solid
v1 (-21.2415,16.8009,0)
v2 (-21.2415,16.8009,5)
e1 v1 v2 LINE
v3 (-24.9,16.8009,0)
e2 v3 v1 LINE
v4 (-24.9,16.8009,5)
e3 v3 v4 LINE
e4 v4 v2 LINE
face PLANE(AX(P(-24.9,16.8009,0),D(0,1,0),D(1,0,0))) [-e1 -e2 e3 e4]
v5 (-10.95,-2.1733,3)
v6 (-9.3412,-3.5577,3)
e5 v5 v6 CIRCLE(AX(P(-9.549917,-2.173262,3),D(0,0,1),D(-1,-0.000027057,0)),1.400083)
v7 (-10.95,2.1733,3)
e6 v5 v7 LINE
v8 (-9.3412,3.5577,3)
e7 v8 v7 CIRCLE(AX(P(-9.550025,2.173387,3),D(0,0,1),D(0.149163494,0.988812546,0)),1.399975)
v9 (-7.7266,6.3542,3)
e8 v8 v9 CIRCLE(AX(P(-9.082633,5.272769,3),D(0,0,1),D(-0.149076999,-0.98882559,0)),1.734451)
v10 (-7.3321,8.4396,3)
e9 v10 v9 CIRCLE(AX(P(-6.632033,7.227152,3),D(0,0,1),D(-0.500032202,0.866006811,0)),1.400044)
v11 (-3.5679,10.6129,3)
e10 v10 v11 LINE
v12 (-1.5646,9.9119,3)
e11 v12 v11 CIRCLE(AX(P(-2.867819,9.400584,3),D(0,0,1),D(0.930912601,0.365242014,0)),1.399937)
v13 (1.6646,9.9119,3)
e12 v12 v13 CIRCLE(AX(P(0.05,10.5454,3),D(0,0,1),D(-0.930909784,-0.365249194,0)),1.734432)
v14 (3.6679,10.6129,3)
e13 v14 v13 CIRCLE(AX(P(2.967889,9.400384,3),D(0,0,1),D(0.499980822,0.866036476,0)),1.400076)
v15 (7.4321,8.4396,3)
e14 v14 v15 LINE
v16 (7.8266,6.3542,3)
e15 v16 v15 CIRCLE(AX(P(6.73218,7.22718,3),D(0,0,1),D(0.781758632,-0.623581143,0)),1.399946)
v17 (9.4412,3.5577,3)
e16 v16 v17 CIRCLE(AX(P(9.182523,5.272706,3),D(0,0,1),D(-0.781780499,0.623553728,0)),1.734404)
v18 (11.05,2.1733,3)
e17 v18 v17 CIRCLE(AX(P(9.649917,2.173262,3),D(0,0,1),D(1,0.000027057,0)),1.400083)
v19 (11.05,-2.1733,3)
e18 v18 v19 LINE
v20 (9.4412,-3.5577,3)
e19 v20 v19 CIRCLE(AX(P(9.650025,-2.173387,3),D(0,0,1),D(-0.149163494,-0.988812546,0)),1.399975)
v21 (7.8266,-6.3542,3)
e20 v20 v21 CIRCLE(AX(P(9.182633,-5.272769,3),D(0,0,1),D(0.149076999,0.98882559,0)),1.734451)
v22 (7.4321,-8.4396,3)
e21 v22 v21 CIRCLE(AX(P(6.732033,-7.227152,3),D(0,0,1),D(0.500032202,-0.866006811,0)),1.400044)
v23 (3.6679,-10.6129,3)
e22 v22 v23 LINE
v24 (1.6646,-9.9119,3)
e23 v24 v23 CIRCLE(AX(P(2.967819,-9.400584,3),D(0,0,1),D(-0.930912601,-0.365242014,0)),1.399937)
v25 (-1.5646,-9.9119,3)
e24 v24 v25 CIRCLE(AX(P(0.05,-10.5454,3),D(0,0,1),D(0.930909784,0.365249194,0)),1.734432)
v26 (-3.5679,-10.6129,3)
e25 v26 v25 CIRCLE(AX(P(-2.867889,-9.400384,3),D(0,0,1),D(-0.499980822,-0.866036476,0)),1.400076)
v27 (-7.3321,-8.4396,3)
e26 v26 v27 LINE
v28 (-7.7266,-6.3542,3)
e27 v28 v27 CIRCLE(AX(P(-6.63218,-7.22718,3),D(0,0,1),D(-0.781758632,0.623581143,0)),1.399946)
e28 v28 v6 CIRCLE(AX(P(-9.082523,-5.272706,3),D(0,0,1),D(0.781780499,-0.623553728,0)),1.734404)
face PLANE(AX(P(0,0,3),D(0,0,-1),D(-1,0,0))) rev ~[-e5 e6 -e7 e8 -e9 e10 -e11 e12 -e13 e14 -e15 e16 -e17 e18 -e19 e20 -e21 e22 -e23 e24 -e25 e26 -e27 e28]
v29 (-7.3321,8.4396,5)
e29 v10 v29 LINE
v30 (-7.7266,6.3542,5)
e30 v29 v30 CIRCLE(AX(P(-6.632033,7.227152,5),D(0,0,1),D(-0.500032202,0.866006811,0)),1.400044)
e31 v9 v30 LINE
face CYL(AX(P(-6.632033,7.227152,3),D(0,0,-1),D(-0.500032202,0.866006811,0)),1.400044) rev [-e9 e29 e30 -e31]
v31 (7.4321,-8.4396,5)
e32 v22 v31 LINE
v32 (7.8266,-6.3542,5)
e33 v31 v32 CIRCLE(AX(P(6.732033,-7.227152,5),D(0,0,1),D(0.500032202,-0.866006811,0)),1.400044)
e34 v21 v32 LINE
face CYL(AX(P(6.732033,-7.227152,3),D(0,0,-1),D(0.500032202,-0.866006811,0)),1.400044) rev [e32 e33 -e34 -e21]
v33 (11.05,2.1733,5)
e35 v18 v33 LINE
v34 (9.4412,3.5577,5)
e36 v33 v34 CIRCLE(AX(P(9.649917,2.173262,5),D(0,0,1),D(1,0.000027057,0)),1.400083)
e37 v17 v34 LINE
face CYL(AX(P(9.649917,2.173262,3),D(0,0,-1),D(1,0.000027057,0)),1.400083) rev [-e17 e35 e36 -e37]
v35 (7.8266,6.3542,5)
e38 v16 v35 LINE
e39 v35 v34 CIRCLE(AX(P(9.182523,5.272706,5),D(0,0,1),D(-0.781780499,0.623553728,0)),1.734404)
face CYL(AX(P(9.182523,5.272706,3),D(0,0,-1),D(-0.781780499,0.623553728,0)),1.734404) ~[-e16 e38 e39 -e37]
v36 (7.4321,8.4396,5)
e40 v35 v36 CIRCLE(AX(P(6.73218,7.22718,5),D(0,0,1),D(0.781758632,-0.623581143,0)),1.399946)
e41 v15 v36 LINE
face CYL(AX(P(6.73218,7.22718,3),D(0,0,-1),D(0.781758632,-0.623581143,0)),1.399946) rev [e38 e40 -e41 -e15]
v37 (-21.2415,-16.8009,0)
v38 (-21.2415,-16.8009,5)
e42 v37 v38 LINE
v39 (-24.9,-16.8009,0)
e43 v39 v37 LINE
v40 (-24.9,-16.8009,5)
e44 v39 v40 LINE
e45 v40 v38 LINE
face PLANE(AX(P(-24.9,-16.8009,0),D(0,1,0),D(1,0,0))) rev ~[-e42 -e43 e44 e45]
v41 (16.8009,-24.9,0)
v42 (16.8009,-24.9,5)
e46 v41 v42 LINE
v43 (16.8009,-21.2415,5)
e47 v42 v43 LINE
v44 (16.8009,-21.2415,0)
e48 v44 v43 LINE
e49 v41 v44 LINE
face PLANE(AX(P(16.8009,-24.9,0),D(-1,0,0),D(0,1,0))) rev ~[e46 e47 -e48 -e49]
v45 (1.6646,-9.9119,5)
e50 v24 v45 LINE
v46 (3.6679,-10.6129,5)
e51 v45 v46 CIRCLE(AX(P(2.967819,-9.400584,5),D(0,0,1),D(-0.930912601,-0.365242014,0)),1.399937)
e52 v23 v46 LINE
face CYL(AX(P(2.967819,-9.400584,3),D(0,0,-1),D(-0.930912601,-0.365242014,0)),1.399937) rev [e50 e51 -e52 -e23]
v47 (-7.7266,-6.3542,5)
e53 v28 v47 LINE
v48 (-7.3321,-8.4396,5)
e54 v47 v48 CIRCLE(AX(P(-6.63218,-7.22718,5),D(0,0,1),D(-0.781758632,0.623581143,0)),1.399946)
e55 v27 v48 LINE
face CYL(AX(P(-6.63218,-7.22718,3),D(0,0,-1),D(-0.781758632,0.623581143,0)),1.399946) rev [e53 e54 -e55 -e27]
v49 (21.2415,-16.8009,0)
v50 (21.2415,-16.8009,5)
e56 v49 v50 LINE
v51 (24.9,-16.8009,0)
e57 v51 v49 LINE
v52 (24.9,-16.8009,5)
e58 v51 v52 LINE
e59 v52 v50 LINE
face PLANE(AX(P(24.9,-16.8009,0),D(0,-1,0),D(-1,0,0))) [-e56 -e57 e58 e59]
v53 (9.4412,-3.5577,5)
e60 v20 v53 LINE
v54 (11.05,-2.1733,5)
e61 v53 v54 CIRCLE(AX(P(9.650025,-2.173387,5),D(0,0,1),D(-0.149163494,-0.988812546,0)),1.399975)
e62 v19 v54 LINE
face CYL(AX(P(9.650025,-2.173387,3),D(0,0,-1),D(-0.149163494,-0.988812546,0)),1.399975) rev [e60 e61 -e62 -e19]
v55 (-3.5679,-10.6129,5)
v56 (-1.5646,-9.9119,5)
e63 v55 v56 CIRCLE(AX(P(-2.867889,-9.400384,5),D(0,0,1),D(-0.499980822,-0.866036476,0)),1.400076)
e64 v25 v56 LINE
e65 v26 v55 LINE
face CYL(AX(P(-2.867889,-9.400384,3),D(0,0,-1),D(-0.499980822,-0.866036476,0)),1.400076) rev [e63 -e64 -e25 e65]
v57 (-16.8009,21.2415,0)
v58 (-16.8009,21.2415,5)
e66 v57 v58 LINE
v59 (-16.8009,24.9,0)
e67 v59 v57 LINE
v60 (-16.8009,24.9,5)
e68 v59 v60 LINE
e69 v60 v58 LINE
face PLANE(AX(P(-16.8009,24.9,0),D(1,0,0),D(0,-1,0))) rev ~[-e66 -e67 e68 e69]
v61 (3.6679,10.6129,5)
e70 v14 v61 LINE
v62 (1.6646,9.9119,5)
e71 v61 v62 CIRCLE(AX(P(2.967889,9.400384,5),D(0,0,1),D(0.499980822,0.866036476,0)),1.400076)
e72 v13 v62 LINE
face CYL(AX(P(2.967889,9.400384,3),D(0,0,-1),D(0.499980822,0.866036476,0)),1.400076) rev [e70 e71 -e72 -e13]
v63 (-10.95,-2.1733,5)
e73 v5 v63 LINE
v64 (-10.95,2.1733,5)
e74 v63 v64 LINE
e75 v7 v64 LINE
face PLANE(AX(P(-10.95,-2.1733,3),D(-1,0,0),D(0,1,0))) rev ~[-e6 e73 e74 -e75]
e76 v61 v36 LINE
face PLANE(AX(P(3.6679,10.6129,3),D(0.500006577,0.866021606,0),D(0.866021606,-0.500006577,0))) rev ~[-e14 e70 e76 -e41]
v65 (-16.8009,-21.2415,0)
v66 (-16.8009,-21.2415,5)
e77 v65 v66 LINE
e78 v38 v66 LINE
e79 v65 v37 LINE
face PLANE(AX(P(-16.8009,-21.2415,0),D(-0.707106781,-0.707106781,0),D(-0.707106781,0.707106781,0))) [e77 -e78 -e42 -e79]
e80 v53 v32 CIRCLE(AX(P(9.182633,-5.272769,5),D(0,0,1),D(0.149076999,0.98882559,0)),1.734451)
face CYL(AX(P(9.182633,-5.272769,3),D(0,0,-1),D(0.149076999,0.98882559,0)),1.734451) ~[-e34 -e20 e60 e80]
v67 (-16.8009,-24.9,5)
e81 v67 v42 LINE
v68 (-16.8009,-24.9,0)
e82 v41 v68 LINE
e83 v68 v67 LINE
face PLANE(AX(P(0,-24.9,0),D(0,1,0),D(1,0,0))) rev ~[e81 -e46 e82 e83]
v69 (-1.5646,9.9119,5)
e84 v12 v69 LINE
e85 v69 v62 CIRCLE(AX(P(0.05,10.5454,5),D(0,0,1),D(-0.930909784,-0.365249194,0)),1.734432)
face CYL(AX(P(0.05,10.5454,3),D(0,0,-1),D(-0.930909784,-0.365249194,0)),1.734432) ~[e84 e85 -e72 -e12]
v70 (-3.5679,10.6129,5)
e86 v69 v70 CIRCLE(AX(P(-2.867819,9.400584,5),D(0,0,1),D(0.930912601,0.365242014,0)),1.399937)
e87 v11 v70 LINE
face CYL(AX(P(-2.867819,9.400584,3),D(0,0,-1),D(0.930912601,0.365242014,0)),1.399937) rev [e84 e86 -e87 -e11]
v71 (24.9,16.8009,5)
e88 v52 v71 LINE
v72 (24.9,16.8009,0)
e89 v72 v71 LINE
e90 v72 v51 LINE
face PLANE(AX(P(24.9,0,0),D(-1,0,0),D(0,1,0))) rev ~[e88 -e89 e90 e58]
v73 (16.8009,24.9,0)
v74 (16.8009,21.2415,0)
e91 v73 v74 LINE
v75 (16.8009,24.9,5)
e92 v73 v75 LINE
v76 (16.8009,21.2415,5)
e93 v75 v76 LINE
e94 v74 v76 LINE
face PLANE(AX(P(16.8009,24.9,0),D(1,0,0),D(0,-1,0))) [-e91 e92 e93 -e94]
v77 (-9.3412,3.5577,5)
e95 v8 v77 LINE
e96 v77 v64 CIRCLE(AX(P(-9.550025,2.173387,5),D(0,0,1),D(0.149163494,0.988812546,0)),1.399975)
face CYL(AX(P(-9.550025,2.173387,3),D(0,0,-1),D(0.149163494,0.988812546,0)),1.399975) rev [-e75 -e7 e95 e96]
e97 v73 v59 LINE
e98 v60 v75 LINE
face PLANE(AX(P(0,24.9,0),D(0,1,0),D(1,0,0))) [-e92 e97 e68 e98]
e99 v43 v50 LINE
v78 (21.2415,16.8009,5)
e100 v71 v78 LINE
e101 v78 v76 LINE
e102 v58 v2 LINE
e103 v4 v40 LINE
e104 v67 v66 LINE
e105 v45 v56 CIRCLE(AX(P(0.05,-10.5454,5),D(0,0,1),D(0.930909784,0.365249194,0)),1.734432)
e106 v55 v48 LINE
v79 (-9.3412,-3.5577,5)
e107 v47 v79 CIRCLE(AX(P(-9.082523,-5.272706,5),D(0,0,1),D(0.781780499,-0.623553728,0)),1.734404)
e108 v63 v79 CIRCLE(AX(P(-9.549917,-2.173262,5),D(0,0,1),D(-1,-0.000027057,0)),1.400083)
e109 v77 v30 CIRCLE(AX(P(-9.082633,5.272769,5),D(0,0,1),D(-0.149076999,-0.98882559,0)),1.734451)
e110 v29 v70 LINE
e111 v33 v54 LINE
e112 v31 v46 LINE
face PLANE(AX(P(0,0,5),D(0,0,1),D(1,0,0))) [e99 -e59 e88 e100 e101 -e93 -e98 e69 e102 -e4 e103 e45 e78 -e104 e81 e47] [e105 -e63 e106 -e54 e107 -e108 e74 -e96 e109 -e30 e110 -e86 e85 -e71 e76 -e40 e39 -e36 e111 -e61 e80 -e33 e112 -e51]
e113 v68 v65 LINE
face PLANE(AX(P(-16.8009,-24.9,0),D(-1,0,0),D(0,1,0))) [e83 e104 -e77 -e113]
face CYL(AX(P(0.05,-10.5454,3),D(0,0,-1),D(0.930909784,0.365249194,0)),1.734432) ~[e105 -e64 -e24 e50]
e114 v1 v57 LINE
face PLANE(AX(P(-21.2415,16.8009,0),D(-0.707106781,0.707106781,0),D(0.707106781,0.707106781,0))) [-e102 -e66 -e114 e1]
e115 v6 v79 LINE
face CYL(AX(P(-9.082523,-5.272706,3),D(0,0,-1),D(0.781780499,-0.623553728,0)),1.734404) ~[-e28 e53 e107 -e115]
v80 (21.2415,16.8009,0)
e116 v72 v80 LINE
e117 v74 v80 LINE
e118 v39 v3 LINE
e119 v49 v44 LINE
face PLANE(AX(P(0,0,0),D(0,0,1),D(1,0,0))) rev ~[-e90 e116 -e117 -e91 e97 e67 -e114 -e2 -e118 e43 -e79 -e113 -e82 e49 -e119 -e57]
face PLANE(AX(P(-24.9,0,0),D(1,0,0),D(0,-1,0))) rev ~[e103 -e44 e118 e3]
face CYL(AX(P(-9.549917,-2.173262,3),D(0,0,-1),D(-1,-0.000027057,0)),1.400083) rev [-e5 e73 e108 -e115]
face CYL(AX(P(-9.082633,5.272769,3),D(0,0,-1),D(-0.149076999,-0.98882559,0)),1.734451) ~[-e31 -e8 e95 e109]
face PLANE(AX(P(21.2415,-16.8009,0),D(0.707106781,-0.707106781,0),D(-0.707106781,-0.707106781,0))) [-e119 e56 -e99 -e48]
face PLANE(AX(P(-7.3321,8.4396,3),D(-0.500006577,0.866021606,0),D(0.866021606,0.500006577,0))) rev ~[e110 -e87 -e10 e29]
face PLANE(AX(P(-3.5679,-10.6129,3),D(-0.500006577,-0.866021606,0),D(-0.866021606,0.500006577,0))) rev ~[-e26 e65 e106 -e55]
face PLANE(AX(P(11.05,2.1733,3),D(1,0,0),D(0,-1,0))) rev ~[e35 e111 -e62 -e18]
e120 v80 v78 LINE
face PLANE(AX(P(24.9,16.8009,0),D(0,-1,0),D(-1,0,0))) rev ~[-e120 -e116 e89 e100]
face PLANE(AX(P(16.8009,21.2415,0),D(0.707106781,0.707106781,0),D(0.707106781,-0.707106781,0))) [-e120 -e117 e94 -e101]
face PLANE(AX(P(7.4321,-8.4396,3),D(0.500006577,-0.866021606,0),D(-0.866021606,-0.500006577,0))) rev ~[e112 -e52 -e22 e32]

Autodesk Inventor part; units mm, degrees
ref_plane "YZ Plane" through (0, 0, 0) normal (1, 0, 0) x (0, 1, 0)
ref_plane "XZ Plane" through (0, 0, 0) normal (0, 1, 0) x (-1, 0, 0)
ref_plane "XY Plane" through (0, 0, 0) normal (0, 0, 1) x (1, 0, 0)
sketch "Sketch1" plane through (0, 0, 0) normal (0, 0, 1) x (1, 0, 0)
  line L0 (-34.86, 0) -> (34.86, 0) construction
  line L1 (0, -34.86) -> (0, 34.86) construction
  line L2 (0, 0) -> (11.1575, 11.1575) construction
  line L3 (0, 0) -> (15.7791, 0) construction
  line L4 (0, 24.9) -> (16.8009, 24.9)
  line L5 (16.8009, 24.9) -> (16.8009, 21.2415)
  line L6 (16.8009, 21.2415) -> (19.0212, 19.0212)
  line L7 (24.9, 0) -> (24.9, 16.8009)
  line L8 (24.9, 16.8009) -> (21.2415, 16.8009)
  line L9 (21.2415, 16.8009) -> (19.0212, 19.0212)
  line L10 (0, -24.9) -> (16.8009, -24.9)
  line L11 (16.8009, -24.9) -> (16.8009, -21.2415)
  line L12 (16.8009, -21.2415) -> (19.0212, -19.0212)
  line L13 (24.9, 0) -> (24.9, -16.8009)
  line L14 (24.9, -16.8009) -> (21.2415, -16.8009)
  line L15 (21.2415, -16.8009) -> (19.0212, -19.0212)
  line L16 (0, 24.9) -> (-16.8009, 24.9)
  line L17 (-16.8009, 24.9) -> (-16.8009, 21.2415)
  line L18 (-16.8009, 21.2415) -> (-19.0212, 19.0212)
  line L19 (-24.9, 16.8009) -> (-21.2415, 16.8009)
  line L20 (-21.2415, 16.8009) -> (-19.0212, 19.0212)
  line L21 (0, -24.9) -> (-16.8009, -24.9)
  line L22 (-16.8009, -24.9) -> (-16.8009, -21.2415)
  line L23 (-16.8009, -21.2415) -> (-19.0212, -19.0212)
  line L24 (-21.2415, -16.8009) -> (-19.0212, -19.0212)
  line L25 (-24.9, -16.8009) -> (-21.2415, -16.8009)
  line L26 (-24.9, 0) -> (-24.9, -16.8009)
  line L27 (-24.9, 0) -> (-24.9, 16.8009)
  circle A0 centre (0, 0) radius 12.5
  dimension "d0" = 45
  dimension "d2" = 24.9
  dimension "d3" = 3.14
  dimension "d4" = 26.9
  dimension "d5" = 25
extrude "Extrusion1" add sketch "Sketch1" along normal blind 5
sketch "Sketch3" plane through (0, 0, 0) normal (0, 0, -1) x (-1, 0, 0)
  circle A0 centre (0, 0) radius 12.5 projected
extrude "Extrusion3" add sketch "Sketch3" against normal blind 3
sketch "Sketch4" plane through (0, 0, 3) normal (0, 0, 1) x (1, 0, 0)
  circle A0 centre (0, 0) radius 12.5 projected
  arc A1 (-2.4955, 9.5466) -> (0.05, 7.811) centre (0.05, 10.5454) ccw projected
  arc A2 (-2.4955, 9.5466) -> (-3.0679, 9.7469) centre (-2.8679, 9.4005) ccw projected
  line L0 (-3.0679, 9.7469) -> (-6.8321, 7.5736) projected
  arc A3 (-6.8321, 7.5736) -> (-6.9449, 6.9778) centre (-6.6321, 7.2272) ccw projected
  arc A4 (-6.7145, 3.9055) -> (-6.9449, 6.9778) centre (-9.0826, 5.2727) ccw projected
  arc A5 (2.5955, -9.5466) -> (0.05, -7.811) centre (0.05, -10.5454) ccw projected
  arc A6 (2.5955, -9.5466) -> (3.1679, -9.7469) centre (2.9679, -9.4005) ccw projected
  line L1 (3.1679, -9.7469) -> (6.9321, -7.5736) projected
  arc A7 (6.9321, -7.5736) -> (7.0449, -6.9778) centre (6.7321, -7.2272) ccw projected
  arc A8 (6.8145, -3.9055) -> (7.0449, -6.9778) centre (9.1826, -5.2727) ccw projected
  line L2 (5.3229, -1.93) -> (5.3229, -1.58) projected
  line L3 (5.3229, -1.58) -> (5.4719, -1.58) projected
  line L4 (6.0377, -2.56) -> (5.9268, -2.56) projected
  line L5 (5.9268, -2.56) -> (5.9268, -2.3679) projected
  line L6 (5.674, -1.93) -> (5.3229, -1.93) projected
  circle A9 centre (0.05, 0) radius 3.3699 projected
  line L7 (1.2704, -6.4878) -> (4.6724, -4.4373) projected
  line L8 (4.6724, -4.4373) -> (5.9738, -6.5964) projected
  line L9 (5.9738, -6.5964) -> (2.5718, -8.647) projected
  line L10 (2.5718, -8.647) -> (1.2704, -6.4878) projected
  line L11 (-2.4718, 8.647) -> (-1.1704, 6.4878) projected
  line L12 (-1.1704, 6.4878) -> (-4.5724, 4.4373) projected
  line L13 (-4.5724, 4.4373) -> (-5.8738, 6.5964) projected
  line L14 (-5.8738, 6.5964) -> (-2.4718, 8.647) projected
  arc A10 (-3.5679, -10.6129) -> (-1.5646, -9.9119) centre (-2.8679, -9.4005) ccw
  line L15 (-3.5679, -10.6129) -> (-7.3321, -8.4396)
  arc A11 (-7.7266, -6.3542) -> (-7.3321, -8.4396) centre (-6.6321, -7.2272) ccw
  arc A12 (-7.7266, -6.3542) -> (-9.3412, -3.5577) centre (-9.0826, -5.2727) ccw
  arc A13 (-10.95, -2.1733) -> (-9.3412, -3.5577) centre (-9.55, -2.1733) ccw
  line L16 (-10.95, -2.1733) -> (-10.95, 2.1733)
  arc A14 (-9.3412, 3.5577) -> (-10.95, 2.1733) centre (-9.55, 2.1733) ccw
  arc A15 (-9.3412, 3.5577) -> (-7.7266, 6.3542) centre (-9.0826, 5.2727) ccw
  arc A16 (-7.3321, 8.4396) -> (-7.7266, 6.3542) centre (-6.6321, 7.2272) ccw
  line L17 (-7.3321, 8.4396) -> (-3.5679, 10.6129)
  arc A17 (-1.5646, 9.9119) -> (-3.5679, 10.6129) centre (-2.8679, 9.4005) ccw
  arc A18 (-1.5646, 9.9119) -> (1.6646, 9.9119) centre (0.05, 10.5454) ccw
  arc A19 (3.6679, 10.6129) -> (1.6646, 9.9119) centre (2.9679, 9.4005) ccw
  line L18 (3.6679, 10.6129) -> (7.4321, 8.4396)
  arc A20 (7.8266, 6.3542) -> (7.4321, 8.4396) centre (6.7321, 7.2272) ccw
  arc A21 (7.8266, 6.3542) -> (9.4412, 3.5577) centre (9.1826, 5.2727) ccw
  arc A22 (11.05, 2.1733) -> (9.4412, 3.5577) centre (9.65, 2.1733) ccw
  line L19 (11.05, 2.1733) -> (11.05, -2.1733)
  arc A23 (9.4412, -3.5577) -> (11.05, -2.1733) centre (9.65, -2.1733) ccw
  arc A24 (9.4412, -3.5577) -> (7.8266, -6.3542) centre (9.1826, -5.2727) ccw
  arc A25 (7.4321, -8.4396) -> (7.8266, -6.3542) centre (6.7321, -7.2272) ccw
  line L20 (7.4321, -8.4396) -> (3.6679, -10.6129)
  arc A26 (1.6646, -9.9119) -> (3.6679, -10.6129) centre (2.9679, -9.4005) ccw
  arc A27 (1.6646, -9.9119) -> (-1.5646, -9.9119) centre (0.05, -10.5454) ccw
  line L21 (-6.7145, 3.9055) -> (0.05, -7.811) projected
  line L22 (6.8145, -3.9055) -> (6.0377, -2.56) projected
  line L23 (5.9268, -2.3679) -> (5.674, -1.93) projected
  line L24 (5.4719, -1.58) -> (0.05, 7.811) projected
  dimension "d15" = 1
extrude "Extrusion4" add sketch "Sketch4" along normal up to surface (2 mm away) contours A0
properties part number "20_Cube_insert_Sample_holder"
